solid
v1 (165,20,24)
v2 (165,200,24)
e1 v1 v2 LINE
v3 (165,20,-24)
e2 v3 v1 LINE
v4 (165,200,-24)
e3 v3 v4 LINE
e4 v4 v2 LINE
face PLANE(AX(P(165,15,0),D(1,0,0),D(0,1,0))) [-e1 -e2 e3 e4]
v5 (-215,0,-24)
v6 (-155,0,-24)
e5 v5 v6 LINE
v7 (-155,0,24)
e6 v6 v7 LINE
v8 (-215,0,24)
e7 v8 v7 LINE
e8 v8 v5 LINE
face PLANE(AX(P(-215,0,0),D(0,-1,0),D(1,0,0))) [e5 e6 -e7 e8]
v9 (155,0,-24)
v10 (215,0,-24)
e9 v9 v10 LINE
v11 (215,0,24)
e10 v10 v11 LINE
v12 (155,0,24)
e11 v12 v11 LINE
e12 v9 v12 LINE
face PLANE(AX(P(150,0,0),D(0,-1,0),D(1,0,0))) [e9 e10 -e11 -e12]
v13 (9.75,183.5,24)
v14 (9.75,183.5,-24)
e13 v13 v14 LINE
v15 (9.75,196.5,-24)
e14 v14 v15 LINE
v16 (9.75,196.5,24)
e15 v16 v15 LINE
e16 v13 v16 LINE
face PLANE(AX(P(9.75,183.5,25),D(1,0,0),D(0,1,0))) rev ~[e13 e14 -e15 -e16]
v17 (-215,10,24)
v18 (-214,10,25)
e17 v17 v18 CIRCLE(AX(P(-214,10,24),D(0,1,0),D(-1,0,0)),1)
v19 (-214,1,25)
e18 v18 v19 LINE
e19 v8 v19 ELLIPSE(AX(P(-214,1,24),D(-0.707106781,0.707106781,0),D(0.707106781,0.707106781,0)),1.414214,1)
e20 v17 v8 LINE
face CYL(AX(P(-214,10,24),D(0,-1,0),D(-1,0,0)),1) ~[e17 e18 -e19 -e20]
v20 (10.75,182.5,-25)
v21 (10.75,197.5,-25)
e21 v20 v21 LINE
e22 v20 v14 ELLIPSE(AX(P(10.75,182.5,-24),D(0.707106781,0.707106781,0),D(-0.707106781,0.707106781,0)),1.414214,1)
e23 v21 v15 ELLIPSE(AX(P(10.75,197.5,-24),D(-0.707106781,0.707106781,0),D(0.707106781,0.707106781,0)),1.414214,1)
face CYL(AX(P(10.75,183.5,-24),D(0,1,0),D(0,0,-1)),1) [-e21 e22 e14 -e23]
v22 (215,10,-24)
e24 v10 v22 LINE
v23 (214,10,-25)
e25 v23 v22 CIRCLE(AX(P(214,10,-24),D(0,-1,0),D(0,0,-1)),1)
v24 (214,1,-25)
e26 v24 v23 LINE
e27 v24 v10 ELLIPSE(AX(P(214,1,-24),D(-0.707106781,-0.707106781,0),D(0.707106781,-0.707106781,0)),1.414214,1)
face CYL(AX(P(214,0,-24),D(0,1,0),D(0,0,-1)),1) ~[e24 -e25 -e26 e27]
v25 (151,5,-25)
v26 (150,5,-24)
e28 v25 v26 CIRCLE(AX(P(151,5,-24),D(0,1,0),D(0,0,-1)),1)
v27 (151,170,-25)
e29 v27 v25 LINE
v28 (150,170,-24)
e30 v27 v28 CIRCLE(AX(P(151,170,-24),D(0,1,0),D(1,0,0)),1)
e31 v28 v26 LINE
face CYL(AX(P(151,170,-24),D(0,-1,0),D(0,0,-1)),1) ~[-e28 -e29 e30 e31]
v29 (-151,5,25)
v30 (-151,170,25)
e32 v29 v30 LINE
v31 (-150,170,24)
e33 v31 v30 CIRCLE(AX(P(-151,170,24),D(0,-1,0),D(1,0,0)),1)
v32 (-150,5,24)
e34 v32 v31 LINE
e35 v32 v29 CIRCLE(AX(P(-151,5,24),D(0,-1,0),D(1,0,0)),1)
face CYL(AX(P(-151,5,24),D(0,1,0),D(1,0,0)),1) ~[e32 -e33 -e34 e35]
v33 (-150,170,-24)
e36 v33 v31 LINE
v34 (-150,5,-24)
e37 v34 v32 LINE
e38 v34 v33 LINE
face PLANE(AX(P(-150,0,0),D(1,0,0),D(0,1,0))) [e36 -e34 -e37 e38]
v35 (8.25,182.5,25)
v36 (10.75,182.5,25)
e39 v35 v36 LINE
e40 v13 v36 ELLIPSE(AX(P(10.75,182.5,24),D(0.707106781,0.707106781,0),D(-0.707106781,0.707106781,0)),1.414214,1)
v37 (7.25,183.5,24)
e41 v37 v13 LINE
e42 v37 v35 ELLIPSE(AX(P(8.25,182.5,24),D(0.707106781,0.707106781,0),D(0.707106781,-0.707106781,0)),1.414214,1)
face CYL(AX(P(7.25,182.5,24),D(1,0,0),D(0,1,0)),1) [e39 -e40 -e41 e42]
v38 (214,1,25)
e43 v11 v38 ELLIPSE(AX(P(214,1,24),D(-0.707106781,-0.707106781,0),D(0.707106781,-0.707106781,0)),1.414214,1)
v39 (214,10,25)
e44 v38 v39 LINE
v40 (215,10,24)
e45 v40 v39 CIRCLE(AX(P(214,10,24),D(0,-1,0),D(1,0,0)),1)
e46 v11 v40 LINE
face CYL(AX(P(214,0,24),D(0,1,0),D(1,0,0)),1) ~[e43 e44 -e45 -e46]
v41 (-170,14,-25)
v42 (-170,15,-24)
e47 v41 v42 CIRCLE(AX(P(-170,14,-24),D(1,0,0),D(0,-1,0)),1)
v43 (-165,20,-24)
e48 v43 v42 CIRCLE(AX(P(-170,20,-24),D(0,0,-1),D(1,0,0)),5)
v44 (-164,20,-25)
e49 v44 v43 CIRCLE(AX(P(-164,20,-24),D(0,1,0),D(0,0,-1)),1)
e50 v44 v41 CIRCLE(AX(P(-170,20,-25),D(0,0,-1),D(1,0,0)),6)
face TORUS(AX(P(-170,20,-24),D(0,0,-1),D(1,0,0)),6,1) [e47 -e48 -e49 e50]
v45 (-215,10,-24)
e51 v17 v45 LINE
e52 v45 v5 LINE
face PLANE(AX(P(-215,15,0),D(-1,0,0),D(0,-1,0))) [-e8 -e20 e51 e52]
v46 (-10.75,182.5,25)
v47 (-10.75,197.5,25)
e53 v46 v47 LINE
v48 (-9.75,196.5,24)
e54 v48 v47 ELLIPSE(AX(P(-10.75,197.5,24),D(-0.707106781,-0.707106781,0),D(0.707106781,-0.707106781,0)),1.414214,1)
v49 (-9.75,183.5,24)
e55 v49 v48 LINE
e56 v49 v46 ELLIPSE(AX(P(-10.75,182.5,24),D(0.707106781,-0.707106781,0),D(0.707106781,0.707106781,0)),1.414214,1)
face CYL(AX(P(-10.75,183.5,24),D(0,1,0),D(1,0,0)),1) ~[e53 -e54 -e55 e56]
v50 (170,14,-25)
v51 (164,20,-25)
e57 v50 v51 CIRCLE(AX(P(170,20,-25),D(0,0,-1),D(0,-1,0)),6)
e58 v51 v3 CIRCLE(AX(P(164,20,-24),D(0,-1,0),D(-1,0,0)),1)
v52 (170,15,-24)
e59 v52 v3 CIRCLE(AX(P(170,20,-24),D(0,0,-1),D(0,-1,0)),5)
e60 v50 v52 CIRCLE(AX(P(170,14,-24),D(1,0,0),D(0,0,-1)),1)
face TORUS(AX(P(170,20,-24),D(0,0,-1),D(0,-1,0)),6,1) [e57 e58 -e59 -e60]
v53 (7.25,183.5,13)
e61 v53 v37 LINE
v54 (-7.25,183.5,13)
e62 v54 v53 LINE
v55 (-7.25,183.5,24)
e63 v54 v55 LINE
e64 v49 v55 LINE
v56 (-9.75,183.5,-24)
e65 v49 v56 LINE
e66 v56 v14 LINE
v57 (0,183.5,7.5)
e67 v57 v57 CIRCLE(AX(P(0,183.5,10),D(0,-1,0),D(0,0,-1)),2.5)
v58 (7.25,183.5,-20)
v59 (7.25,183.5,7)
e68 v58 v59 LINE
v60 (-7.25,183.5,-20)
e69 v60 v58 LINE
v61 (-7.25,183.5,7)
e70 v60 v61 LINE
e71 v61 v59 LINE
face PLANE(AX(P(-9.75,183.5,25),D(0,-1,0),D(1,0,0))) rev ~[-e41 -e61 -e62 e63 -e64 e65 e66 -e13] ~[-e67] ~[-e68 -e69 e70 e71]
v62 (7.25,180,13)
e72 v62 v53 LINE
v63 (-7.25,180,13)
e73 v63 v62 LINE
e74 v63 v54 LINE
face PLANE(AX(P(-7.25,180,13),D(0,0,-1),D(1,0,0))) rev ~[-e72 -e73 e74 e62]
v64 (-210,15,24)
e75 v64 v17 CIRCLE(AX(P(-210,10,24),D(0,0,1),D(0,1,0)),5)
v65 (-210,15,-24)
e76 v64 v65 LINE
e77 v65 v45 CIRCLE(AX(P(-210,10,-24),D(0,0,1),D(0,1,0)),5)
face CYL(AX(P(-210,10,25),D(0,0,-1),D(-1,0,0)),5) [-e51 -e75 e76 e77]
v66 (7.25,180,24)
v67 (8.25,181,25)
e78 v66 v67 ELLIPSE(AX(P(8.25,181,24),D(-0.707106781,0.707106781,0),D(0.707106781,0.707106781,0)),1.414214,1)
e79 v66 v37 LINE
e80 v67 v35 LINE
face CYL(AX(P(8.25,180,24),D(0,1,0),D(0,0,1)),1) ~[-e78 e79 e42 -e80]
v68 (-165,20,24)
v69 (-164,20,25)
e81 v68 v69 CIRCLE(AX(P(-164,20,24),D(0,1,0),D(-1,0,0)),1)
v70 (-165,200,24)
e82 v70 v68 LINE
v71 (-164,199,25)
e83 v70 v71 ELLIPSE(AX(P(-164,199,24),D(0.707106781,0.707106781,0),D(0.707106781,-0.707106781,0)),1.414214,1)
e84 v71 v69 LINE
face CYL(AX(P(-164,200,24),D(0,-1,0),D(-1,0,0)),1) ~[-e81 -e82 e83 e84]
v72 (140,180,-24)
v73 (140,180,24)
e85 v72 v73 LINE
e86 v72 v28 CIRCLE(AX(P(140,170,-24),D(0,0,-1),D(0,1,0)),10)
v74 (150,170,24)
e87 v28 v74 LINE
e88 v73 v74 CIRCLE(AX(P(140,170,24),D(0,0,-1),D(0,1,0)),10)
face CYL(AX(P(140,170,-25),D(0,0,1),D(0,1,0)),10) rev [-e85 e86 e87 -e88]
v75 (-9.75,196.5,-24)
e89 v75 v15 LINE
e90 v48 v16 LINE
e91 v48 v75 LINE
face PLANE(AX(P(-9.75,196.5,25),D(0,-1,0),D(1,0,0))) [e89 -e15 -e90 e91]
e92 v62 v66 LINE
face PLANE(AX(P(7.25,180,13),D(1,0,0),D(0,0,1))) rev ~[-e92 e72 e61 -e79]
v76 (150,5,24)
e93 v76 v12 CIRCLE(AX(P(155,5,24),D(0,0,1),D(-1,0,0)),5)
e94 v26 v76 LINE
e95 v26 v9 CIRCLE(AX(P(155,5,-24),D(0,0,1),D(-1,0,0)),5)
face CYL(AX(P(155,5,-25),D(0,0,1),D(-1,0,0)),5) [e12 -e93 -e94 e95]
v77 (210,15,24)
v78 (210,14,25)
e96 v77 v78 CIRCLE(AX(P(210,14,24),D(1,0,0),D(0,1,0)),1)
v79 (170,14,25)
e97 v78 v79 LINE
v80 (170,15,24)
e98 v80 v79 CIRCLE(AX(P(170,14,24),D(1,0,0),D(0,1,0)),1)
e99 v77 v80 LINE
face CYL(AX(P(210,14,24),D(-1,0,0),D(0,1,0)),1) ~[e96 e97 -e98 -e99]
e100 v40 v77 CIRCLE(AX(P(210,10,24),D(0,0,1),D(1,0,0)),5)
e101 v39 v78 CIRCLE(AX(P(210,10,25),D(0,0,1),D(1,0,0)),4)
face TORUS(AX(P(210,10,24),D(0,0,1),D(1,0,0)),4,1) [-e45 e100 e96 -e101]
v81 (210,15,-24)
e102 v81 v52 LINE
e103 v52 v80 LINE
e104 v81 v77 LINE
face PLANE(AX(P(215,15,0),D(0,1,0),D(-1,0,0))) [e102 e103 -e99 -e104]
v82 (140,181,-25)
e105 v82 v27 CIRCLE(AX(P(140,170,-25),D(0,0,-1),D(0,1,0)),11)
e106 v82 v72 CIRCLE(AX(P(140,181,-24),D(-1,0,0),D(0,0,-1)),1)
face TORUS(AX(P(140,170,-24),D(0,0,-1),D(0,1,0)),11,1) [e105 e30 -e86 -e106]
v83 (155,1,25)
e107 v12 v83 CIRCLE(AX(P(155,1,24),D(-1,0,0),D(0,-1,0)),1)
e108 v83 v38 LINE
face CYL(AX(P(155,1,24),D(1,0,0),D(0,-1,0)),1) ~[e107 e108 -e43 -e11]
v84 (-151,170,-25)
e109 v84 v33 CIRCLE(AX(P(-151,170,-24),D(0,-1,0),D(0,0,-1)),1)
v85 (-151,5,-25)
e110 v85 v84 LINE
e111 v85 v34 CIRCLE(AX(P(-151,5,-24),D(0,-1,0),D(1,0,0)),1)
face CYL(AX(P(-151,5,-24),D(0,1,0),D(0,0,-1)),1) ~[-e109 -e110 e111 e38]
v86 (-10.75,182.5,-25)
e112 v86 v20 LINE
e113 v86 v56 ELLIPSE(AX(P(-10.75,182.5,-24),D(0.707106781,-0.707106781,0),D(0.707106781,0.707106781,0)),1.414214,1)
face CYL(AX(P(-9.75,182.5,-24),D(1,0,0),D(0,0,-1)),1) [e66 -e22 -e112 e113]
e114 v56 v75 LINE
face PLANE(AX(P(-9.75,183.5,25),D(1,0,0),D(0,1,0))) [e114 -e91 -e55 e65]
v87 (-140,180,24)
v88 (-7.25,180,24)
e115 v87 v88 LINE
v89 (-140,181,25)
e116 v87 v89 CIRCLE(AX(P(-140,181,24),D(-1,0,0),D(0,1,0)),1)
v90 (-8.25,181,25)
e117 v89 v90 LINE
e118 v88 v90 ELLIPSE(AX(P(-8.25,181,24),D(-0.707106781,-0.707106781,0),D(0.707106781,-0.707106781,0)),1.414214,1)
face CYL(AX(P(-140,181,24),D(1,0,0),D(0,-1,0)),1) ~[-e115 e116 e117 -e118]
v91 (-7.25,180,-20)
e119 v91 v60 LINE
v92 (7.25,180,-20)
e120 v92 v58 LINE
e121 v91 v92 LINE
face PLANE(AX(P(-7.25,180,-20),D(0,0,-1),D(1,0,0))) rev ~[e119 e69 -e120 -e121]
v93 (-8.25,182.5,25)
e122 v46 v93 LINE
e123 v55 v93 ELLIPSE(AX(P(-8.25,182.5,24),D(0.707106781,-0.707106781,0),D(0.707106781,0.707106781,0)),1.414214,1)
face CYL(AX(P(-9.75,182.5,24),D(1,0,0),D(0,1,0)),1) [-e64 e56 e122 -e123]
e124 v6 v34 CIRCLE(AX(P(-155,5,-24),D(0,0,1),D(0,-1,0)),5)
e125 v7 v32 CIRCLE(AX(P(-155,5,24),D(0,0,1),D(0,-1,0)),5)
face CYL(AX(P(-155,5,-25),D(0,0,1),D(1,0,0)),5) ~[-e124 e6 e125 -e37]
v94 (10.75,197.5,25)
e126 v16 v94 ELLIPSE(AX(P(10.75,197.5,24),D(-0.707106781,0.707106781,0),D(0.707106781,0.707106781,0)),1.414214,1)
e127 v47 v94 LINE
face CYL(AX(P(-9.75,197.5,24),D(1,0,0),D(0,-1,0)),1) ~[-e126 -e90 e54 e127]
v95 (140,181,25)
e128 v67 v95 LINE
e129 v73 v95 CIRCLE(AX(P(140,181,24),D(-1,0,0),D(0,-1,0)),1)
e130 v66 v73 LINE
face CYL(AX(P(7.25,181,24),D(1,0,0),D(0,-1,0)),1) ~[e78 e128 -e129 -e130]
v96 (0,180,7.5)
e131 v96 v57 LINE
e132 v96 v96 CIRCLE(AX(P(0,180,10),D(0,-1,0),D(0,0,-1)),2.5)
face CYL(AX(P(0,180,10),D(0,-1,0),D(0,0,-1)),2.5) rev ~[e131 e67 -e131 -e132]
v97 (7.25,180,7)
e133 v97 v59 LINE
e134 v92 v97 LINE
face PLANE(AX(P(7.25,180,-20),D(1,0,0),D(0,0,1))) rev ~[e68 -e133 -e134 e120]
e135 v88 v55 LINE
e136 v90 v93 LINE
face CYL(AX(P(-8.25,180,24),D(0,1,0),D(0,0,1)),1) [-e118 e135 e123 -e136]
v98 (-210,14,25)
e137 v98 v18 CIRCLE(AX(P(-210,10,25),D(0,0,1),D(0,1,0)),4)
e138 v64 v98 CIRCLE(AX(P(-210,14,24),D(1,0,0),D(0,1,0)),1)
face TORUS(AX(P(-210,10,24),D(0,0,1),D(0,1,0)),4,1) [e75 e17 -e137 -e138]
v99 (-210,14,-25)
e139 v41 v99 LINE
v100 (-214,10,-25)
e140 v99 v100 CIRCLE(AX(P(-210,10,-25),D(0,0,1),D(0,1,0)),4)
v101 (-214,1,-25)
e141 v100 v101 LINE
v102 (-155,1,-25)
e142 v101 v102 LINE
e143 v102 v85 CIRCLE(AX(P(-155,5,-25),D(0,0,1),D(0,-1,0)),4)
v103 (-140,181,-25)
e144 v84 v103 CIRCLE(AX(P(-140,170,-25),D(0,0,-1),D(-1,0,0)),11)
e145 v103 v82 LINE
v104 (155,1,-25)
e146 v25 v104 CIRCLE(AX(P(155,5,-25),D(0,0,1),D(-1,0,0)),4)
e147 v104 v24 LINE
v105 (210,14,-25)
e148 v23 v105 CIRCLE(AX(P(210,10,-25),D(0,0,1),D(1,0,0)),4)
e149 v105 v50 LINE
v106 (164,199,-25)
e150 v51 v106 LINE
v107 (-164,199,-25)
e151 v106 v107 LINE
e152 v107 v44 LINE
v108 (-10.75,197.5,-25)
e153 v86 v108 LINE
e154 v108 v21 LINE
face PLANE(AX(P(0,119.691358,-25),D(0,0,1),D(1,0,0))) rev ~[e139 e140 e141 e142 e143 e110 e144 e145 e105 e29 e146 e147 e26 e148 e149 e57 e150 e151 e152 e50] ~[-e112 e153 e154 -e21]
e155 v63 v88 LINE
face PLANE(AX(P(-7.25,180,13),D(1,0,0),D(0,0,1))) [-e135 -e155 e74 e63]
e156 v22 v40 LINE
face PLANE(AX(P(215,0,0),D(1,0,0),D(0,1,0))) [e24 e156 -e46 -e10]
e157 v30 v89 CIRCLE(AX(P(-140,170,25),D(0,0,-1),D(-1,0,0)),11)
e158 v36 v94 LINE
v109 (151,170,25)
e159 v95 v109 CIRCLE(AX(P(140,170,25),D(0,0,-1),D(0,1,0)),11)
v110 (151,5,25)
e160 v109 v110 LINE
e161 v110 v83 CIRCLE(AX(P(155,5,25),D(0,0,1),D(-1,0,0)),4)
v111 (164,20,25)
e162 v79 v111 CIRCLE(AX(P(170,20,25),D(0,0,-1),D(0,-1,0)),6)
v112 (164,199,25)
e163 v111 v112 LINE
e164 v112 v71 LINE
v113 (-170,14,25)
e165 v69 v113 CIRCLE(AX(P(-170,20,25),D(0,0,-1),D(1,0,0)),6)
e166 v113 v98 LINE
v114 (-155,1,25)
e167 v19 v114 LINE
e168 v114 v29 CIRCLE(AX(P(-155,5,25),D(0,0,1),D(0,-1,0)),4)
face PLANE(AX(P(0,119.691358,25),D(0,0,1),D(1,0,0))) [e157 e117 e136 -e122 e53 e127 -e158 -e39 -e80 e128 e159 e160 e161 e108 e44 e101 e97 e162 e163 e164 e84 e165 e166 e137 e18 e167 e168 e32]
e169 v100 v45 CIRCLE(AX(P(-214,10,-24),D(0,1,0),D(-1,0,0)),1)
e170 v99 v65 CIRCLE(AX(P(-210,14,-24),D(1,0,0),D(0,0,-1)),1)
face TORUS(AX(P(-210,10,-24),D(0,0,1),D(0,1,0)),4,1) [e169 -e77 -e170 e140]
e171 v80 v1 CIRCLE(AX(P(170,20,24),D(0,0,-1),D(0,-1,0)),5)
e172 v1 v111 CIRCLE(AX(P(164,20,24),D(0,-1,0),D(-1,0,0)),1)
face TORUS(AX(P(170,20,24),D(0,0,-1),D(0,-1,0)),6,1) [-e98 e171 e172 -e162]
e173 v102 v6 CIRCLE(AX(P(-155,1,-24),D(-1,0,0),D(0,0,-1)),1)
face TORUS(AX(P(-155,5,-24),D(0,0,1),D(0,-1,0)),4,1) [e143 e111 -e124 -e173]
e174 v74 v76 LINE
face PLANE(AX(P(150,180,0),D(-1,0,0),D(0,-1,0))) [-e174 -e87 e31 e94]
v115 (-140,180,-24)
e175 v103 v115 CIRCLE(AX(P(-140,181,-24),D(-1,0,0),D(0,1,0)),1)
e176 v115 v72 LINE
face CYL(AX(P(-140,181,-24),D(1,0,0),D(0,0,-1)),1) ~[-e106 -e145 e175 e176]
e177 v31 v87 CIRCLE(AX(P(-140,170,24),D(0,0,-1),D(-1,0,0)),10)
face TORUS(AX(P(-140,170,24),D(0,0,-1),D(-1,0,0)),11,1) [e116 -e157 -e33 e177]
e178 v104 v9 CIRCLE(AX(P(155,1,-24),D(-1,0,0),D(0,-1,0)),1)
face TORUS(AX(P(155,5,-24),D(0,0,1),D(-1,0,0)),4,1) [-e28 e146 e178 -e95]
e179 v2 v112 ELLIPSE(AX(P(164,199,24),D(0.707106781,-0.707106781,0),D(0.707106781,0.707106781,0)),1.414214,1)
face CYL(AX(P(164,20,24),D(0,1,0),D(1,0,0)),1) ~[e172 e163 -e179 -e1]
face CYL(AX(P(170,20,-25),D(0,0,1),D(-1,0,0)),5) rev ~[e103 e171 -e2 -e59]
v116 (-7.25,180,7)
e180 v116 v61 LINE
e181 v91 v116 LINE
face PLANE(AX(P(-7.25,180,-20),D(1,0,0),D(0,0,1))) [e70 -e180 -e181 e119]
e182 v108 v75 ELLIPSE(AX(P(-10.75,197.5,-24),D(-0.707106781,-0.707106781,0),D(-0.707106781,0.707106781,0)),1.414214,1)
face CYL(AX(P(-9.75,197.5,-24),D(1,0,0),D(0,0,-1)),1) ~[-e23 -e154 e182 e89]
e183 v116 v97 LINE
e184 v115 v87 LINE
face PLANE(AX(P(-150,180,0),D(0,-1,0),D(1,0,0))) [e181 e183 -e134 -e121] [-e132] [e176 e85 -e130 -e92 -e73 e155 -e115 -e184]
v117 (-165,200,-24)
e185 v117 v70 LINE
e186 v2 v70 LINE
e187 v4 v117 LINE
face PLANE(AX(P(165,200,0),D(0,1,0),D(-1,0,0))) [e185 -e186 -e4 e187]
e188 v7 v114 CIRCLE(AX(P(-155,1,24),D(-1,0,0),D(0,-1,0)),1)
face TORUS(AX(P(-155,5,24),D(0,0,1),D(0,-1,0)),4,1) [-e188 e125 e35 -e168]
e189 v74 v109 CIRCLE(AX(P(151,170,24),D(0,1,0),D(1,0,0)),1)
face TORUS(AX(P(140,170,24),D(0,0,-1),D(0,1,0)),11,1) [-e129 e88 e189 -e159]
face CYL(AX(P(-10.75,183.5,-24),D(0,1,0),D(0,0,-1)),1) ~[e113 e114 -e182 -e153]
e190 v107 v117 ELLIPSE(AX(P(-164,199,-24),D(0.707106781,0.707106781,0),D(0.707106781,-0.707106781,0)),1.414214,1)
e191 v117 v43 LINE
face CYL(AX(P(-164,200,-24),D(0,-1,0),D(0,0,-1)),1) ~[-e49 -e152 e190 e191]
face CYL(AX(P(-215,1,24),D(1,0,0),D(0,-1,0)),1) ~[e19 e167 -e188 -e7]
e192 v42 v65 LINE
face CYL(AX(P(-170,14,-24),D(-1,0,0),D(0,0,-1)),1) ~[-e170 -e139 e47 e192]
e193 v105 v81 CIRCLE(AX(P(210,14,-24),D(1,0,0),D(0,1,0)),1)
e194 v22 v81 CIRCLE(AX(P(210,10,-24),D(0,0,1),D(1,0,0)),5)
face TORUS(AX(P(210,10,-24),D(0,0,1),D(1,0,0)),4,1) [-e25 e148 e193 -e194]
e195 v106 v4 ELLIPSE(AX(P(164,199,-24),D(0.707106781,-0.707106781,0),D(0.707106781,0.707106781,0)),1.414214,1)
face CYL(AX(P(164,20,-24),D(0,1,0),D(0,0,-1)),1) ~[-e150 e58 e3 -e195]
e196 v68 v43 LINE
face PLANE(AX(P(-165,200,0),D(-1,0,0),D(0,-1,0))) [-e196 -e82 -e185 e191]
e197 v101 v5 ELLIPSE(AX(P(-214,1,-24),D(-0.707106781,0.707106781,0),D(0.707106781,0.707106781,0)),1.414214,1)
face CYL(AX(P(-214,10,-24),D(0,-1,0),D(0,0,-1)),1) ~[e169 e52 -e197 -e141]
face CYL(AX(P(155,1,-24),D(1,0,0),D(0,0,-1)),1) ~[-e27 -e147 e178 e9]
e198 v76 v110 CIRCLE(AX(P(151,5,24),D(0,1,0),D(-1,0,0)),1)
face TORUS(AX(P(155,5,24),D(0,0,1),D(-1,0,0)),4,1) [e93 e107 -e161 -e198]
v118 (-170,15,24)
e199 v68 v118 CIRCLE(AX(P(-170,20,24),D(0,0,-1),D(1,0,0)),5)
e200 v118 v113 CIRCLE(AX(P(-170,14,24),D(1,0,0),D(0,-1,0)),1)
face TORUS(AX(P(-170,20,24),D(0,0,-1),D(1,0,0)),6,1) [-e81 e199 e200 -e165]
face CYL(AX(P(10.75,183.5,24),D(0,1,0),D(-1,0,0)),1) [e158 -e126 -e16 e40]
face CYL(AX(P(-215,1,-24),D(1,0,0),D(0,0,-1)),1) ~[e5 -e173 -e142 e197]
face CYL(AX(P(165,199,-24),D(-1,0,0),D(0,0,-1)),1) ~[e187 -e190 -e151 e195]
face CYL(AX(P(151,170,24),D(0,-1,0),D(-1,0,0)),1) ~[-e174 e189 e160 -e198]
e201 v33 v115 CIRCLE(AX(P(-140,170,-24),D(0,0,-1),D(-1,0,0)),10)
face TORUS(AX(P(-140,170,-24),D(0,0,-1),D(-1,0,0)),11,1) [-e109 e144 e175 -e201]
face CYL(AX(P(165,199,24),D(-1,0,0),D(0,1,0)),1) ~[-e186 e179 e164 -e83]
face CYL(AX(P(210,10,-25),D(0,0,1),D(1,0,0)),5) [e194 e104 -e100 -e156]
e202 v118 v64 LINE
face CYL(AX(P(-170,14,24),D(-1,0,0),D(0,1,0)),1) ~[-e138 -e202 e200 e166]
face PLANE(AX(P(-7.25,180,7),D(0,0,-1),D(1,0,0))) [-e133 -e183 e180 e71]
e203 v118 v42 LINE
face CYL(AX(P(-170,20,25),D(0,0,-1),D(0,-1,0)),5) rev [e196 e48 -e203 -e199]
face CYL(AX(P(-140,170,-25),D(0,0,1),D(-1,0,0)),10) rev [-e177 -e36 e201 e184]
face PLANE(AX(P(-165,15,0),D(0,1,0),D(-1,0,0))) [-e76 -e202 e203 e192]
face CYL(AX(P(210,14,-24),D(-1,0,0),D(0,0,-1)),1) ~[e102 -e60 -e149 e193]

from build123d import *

# Parameters (mm, degrees)
BOSS_EXTRUDE1_DEPTH = 25
SKETCH2_W           = 19.5
SKETCH2_H           = 13
CUT_EXTRUDE1_DEPTH  = 298.867420172
SKETCH3_R           = 2.5
SKETCH3_W           = 14.5
SKETCH3_H           = 12
SKETCH3_H_2         = 27
CUT_EXTRUDE2_DEPTH  = 5
FILLET2_R           = 10
FILLET3_R           = 5
FILLET4_R           = 1


with BuildPart() as part:
    # Sketch1 → Boss-Extrude1 (new, symmetric)
    with BuildSketch(Plane.XY):
        Polygon((-215, 0), (-150, 0), (-150, 180), (150, 180), (150, 0), (215, 0), (215, 15), (165, 15), (165, 195), (165, 200), (150, 200), (-150, 200), (-165, 200), (-165, 195), (-165, 15), (-215, 15), align=None)
    extrude(amount=BOSS_EXTRUDE1_DEPTH, both=True)

    # Sketch2 → Cut-Extrude1 (cut, through all)
    with BuildSketch(Plane.XY.offset(25)):
        with Locations((0, 190)):
            Rectangle(SKETCH2_W, SKETCH2_H)
    extrude(amount=-CUT_EXTRUDE1_DEPTH, mode=Mode.SUBTRACT)

    # Sketch3 → Cut-Extrude2 (cut)
    with BuildSketch(Plane.XZ.offset(-180)):
        with Locations(Location((0, 10, 0), (0, 0, 270))):
            Circle(SKETCH3_R)
        with Locations((0, 19)):
            Rectangle(SKETCH3_W, SKETCH3_H)
        with Locations((0, -6.5)):
            Rectangle(SKETCH3_W, SKETCH3_H_2)
    extrude(amount=-CUT_EXTRUDE2_DEPTH, mode=Mode.SUBTRACT)

    # Fillet2
    fillet2_edges = [part.edges().sort_by_distance(p)[0] for p in [
        (150, 180, 0),
        (-150, 180, 0),
    ]]
    fillet(fillet2_edges, radius=FILLET2_R)

    # Fillet3
    fillet3_edges = [part.edges().sort_by_distance(p)[0] for p in [
        (-215, 15, 0),
        (-165, 15, 0),
        (165, 15, 0),
        (215, 15, 0),
        (150, 0, 0),
        (-150, 0, 0),
    ]]
    fillet(fillet3_edges, radius=FILLET3_R)

    # Fillet4
    fillet4_edges = [part.edges().sort_by_distance(p)[0] for p in [
        (150, 87.5, -25),
        (150, 87.5, 25),
        (-73.625, 180, 25),
        (0, 180, -25),
        (147.071067812, 177.071067812, -25),
        (147.071067812, 177.071067812, 25),
        (-147.071067812, 177.071067812, -25),
        (-147.071067812, 177.071067812, 25),
        (185, 0, -25),
        (185, 0, 25),
        (-215, 5, -25),
        (-190, 15, -25),
        (165, 110, -25),
        (190, 15, -25),
        (-150, 87.5, -25),
        (-213.535533906, 13.535533906, -25),
        (213.535533906, 13.535533906, -25),
        (-151.464466094, 1.464466094, -25),
        (151.464466094, 1.464466094, -25),
        (190, 15, 25),
        (165, 110, 25),
        (-190, 15, 25),
        (-215, 5, 25),
        (-150, 87.5, 25),
        (-213.535533906, 13.535533906, 25),
        (213.535533906, 13.535533906, 25),
        (-151.464466094, 1.464466094, 25),
        (151.464466094, 1.464466094, 25),
        (166.464466094, 16.464466094, -25),
        (166.464466094, 16.464466094, 25),
        (-166.464466094, 16.464466094, -25),
        (-166.464466094, 16.464466094, 25),
        (-165, 110, -25),
        (0, 200, -25),
        (215, 5, -25),
        (-185, 0, -25),
        (215, 5, 25),
        (0, 200, 25),
        (9.75, 190, -25),
        (0, 183.5, -25),
        (-9.75, 190, -25),
        (0, 196.5, -25),
        (9.75, 190, 25),
        (0, 196.5, 25),
        (-9.75, 190, 25),
        (-8.5, 183.5, 25),
        (-165, 110, 25),
        (8.5, 183.5, 25),
        (73.625, 180, 25),
        (-7.25, 181.75, 25),
        (7.25, 181.75, 25),
        (-185, 0, 25),
    ]]
    fillet(fillet4_edges, radius=FILLET4_R)


solid = part.part
